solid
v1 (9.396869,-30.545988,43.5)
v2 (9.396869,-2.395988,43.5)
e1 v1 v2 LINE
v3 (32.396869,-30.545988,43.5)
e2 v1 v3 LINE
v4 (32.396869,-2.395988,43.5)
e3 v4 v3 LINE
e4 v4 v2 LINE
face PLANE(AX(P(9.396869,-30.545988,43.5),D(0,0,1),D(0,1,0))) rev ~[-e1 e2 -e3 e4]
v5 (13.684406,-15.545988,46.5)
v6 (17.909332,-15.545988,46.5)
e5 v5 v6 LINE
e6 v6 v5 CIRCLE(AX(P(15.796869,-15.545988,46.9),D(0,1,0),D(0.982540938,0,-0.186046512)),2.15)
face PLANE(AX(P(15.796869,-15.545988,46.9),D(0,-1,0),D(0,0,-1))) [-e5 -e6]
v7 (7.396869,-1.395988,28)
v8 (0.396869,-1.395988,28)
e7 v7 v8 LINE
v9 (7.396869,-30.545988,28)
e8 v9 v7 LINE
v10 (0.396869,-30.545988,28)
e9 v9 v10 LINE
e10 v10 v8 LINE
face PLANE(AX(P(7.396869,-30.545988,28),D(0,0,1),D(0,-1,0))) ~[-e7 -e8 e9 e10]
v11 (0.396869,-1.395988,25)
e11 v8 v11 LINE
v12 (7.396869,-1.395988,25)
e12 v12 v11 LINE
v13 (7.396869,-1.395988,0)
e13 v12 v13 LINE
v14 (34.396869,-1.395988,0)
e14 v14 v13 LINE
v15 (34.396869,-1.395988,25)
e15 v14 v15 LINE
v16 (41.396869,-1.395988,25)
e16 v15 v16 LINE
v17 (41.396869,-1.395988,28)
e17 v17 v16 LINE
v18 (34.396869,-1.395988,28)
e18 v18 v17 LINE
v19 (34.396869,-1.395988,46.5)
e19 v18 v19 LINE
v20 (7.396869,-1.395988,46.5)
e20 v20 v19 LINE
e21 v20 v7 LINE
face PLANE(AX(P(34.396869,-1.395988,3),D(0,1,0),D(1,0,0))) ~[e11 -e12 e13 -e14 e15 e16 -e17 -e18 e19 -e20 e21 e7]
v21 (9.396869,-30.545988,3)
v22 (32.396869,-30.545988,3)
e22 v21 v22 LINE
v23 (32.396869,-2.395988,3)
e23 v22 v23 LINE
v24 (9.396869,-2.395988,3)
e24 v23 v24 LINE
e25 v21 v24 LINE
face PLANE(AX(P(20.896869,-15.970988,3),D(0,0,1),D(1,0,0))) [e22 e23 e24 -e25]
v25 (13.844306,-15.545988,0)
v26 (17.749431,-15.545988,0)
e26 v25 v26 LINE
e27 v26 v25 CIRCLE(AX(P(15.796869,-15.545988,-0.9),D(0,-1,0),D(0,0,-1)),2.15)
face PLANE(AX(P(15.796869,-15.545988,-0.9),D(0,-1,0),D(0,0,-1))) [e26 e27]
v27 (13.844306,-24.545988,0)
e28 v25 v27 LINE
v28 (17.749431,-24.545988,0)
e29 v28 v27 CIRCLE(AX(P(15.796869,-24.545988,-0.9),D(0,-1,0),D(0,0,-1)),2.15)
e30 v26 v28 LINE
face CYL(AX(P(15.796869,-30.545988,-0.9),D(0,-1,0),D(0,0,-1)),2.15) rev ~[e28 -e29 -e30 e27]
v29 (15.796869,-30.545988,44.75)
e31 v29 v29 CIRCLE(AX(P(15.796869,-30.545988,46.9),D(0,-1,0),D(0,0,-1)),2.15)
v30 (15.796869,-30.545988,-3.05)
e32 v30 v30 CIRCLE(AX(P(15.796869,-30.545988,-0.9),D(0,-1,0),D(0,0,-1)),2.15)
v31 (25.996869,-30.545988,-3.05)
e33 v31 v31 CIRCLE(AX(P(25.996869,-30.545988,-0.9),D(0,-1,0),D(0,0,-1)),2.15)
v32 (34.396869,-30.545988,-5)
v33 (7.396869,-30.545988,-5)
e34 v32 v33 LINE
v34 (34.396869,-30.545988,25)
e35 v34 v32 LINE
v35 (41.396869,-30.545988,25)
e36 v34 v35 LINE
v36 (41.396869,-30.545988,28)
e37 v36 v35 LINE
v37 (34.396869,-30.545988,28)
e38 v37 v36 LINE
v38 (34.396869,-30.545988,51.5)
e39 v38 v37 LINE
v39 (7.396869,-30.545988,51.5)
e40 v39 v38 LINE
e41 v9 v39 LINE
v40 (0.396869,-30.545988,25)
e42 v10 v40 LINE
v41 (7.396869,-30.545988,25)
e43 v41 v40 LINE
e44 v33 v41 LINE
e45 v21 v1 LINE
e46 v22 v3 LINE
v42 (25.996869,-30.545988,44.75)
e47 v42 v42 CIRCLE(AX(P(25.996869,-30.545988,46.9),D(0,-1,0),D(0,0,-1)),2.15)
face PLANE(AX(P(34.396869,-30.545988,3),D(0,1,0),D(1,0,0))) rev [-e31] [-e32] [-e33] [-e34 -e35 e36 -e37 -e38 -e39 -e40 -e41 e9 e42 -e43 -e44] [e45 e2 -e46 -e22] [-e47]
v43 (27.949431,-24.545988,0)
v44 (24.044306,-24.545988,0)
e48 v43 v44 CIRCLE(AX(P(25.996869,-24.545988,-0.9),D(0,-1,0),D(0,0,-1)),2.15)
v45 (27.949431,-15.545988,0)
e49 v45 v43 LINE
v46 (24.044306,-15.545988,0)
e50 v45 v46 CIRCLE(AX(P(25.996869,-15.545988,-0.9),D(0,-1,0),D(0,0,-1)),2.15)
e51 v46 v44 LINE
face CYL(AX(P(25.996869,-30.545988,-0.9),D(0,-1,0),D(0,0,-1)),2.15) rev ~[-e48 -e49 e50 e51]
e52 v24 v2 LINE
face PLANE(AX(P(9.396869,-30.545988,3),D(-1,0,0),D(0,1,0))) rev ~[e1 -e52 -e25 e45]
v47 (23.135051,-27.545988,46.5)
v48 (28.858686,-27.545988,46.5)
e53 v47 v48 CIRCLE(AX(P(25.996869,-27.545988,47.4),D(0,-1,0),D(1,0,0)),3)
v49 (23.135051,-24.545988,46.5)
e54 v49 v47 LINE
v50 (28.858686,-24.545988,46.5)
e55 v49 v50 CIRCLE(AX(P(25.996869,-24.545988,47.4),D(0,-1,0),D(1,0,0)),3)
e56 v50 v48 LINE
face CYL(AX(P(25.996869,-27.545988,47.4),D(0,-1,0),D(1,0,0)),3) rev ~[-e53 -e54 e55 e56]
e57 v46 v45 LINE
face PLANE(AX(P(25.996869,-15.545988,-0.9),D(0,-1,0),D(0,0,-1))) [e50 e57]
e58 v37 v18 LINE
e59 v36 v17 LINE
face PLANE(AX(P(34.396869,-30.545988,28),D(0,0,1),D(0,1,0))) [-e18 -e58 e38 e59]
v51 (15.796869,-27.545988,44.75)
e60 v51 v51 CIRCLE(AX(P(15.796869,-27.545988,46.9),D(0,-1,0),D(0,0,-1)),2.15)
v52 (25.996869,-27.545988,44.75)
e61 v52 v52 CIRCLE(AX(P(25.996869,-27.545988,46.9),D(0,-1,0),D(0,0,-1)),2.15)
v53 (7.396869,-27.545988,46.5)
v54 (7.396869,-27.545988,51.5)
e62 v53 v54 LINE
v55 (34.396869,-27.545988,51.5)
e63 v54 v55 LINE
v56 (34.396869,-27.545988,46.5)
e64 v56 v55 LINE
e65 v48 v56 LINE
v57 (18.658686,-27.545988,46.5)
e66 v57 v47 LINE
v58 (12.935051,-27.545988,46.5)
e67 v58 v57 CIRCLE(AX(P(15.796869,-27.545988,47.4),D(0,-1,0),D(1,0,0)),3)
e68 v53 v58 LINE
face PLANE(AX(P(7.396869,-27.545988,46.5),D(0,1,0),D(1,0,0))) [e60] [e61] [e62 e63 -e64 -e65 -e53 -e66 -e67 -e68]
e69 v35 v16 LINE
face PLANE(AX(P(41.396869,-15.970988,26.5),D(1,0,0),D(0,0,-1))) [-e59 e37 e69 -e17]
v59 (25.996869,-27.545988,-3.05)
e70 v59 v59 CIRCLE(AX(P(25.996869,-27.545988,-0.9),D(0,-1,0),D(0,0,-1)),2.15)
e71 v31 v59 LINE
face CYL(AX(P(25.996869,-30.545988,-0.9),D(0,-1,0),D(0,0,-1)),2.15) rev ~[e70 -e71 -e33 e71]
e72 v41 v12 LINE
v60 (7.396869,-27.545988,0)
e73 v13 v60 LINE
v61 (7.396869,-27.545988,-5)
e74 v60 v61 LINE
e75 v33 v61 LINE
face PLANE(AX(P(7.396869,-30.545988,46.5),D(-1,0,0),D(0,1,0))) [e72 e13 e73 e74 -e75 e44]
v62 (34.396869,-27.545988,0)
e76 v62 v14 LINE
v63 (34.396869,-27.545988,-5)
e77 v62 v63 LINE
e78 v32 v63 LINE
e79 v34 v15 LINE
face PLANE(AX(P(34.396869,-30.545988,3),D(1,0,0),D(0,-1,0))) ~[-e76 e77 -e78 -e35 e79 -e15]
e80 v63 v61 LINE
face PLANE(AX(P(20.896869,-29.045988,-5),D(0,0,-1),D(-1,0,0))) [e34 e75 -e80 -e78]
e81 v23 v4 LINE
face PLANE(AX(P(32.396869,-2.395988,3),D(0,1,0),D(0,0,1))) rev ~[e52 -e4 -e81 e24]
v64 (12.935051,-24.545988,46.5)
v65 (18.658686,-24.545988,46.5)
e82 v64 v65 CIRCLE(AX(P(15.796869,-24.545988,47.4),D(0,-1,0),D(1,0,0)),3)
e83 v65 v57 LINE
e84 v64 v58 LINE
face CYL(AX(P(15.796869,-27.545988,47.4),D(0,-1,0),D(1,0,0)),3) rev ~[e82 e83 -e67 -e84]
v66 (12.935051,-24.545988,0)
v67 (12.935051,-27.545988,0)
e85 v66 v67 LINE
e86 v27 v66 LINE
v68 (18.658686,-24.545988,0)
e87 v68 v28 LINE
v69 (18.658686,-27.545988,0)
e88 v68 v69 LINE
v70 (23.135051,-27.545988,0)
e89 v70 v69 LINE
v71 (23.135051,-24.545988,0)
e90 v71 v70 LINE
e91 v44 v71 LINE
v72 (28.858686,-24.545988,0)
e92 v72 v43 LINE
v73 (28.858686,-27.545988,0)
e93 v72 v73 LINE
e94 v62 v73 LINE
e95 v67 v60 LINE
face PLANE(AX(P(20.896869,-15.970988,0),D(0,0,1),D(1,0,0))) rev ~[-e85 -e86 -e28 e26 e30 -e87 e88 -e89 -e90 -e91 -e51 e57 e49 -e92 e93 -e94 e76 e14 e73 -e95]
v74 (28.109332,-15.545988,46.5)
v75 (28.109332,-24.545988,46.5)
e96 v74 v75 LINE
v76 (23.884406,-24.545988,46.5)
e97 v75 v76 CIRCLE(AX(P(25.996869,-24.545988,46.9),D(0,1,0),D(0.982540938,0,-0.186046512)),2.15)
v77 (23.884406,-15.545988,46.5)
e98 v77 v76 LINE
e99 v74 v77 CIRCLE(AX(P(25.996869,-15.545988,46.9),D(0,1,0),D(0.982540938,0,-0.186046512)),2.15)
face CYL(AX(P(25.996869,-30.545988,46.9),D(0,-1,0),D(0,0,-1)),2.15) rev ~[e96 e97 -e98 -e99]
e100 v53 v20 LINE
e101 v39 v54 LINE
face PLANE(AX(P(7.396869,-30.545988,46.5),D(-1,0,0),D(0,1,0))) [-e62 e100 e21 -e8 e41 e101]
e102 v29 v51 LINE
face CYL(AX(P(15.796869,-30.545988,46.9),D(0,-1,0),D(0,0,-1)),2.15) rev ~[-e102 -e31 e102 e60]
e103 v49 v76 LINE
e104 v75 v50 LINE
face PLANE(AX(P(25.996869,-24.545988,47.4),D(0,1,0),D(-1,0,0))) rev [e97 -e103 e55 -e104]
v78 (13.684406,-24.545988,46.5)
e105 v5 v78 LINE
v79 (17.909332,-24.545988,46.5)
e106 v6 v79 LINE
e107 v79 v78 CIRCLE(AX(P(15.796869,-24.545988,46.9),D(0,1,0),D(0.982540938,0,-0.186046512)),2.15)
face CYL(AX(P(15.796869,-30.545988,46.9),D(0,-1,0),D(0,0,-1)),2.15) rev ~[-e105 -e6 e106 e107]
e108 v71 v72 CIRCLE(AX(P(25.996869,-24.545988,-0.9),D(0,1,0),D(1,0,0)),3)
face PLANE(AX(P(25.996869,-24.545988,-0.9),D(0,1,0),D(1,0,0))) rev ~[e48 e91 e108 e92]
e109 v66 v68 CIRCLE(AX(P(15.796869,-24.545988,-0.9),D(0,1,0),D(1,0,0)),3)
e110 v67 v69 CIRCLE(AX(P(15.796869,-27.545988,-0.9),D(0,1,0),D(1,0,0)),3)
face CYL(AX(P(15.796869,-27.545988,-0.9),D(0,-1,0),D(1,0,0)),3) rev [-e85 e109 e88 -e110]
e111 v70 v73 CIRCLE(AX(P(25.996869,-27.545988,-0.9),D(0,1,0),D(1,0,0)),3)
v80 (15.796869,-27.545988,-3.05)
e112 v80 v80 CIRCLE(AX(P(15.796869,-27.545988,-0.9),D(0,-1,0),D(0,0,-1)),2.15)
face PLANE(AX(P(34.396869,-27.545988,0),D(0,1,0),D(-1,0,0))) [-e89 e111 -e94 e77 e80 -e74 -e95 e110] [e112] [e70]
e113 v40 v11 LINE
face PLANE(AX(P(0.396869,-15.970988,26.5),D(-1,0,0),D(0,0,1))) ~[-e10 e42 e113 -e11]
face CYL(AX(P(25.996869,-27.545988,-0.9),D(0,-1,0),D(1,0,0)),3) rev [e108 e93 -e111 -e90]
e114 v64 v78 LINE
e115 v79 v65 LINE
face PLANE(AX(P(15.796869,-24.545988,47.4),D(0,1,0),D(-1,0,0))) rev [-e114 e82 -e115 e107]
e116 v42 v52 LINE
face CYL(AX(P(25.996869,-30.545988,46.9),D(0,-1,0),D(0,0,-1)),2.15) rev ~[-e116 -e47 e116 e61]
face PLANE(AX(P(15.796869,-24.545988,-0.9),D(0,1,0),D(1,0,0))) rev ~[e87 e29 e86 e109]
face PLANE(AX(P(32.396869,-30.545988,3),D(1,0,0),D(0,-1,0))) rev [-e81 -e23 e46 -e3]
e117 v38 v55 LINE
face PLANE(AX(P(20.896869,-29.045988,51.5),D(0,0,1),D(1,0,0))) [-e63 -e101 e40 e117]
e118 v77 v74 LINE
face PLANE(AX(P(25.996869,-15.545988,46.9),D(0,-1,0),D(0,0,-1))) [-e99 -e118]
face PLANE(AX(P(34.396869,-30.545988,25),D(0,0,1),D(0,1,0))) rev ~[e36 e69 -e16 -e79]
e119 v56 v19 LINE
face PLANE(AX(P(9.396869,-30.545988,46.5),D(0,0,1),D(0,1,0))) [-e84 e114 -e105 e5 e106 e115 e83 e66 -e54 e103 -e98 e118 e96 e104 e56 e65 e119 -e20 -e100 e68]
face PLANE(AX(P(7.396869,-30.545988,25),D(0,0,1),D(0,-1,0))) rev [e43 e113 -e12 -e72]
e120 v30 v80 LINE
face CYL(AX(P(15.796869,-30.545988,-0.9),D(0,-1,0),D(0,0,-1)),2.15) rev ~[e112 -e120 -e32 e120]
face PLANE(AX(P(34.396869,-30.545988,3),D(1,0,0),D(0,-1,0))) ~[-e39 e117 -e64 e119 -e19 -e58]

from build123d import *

# Parameters (mm, degrees)
BOSS_EXTRUDE1_DEPTH  = 3
SKETCH2_W            = 27
SKETCH2_H            = 3
BOSS_EXTRUDE2_DEPTH  = 5
SKETCH3_R            = 2.15
CUT_EXTRUDE1_DEPTH   = 15
SKETCH5_R            = 3
CUT_EXTRUDE3_DEPTH   = 3
SKETCH7_W            = 2
SKETCH7_H            = 29.15
BOSS_EXTRUDE6_DEPTH  = 43.5
SKETCH8_W            = 3
SKETCH8_H            = 29.15
BOSS_EXTRUDE7_DEPTH  = 25
SKETCH9_W            = 27
SKETCH9_H            = 3
BOSS_EXTRUDE8_DEPTH  = 5
SKETCH10_R           = 2.15
CUT_EXTRUDE4_DEPTH   = 15
SKETCH11_W           = 40.5
SKETCH11_H           = 1
BOSS_EXTRUDE9_DEPTH  = 23
SKETCH12_W           = 3
SKETCH12_H           = 29.15
BOSS_EXTRUDE10_DEPTH = 7


with BuildPart() as part:
    # Sketch1 → Boss-Extrude1 (new body)
    with BuildSketch(Plane.XY):
        Polygon((7.396868841, -30.545988075), (34.396868841, -30.545988075), (34.396868841, -3.045988075), (34.396868841, -1.395988075), (7.396868841, -1.395988075), (7.396868841, -3.045988075), align=None)
    extrude(amount=BOSS_EXTRUDE1_DEPTH)

    # Sketch2 → Boss-Extrude2 (add)
    with BuildSketch(Plane(origin=(0, 0, 0), x_dir=(-1, 0, 0), z_dir=(0, 0, -1))):
        with Locations((-20.896868841, -29.045988075)):
            Rectangle(SKETCH2_W, SKETCH2_H)
    extrude(amount=BOSS_EXTRUDE2_DEPTH)

    # Sketch3 → Cut-Extrude1 (cut)
    with BuildSketch(Plane.XZ.offset(30.545988075)):
        with Locations(Location((15.796868841, -0.9, 0), (0, 0, 270))):
            Circle(SKETCH3_R)
        with Locations(Location((25.996868841, -0.9, 0), (0, 0, 270))):
            Circle(SKETCH3_R)
    extrude(amount=-CUT_EXTRUDE1_DEPTH, mode=Mode.SUBTRACT)

    # Sketch5 → Cut-Extrude3 (cut)
    with BuildSketch(Plane(origin=(0, -27.545988075, 0), x_dir=(1, 0, 0), z_dir=(0, 1, 0))):
        with Locations((15.796868841, 0.9)):
            Circle(SKETCH5_R)
        with Locations((25.996868841, 0.9)):
            Circle(SKETCH5_R)
    cut_extrude3 = extrude(amount=CUT_EXTRUDE3_DEPTH, mode=Mode.SUBTRACT)

    # Sketch7 → Boss-Extrude6 (add)
    with BuildSketch(Plane.XY.offset(3)):
        with Locations((8.396868841, -15.970988075)):
            Rectangle(SKETCH7_W, SKETCH7_H)
    boss_extrude6 = extrude(amount=BOSS_EXTRUDE6_DEPTH)

    # Sketch8 → Boss-Extrude7 (add)
    with BuildSketch(Plane(origin=(9.396868841, 0, 0), x_dir=(0, 0, -1), z_dir=(1, 0, 0))):
        with Locations((-45, -15.970988075)):
            Rectangle(SKETCH8_W, SKETCH8_H)
    extrude(amount=BOSS_EXTRUDE7_DEPTH)

    # Sketch9 → Boss-Extrude8 (add)
    with BuildSketch(Plane.XY.offset(46.5)):
        with Locations((20.896868841, -29.045988075)):
            Rectangle(SKETCH9_W, SKETCH9_H)
    extrude(amount=BOSS_EXTRUDE8_DEPTH)

    # Sketch10 → Cut-Extrude4 (cut)
    with BuildSketch(Plane.XZ.offset(30.545988075)):
        with Locations(Location((25.996868841, 46.9, 0), (0, 0, 270))):
            Circle(SKETCH10_R)
        with Locations(Location((15.796868841, 46.9, 0), (0, 0, 270))):
            Circle(SKETCH10_R)
    extrude(amount=-CUT_EXTRUDE4_DEPTH, mode=Mode.SUBTRACT)

    # Mirror1: Cut-Extrude3 across plane
    add(cut_extrude3.mirror(Plane(origin=(0, 0, 23.25), x_dir=(1, 0, 0), z_dir=(0, 0, -1))), mode=Mode.SUBTRACT)

    # Mirror2: Boss-Extrude6 across plane
    add(boss_extrude6.mirror(Plane.ZY.offset(-20.896868841)))

    # Sketch11 → Boss-Extrude9 (add)
    with BuildSketch(Plane.ZY.offset(-32.396868841)):
        with Locations((23.25, -1.895988075)):
            Rectangle(SKETCH11_W, SKETCH11_H)
    extrude(amount=BOSS_EXTRUDE9_DEPTH)

    # Sketch12 → Boss-Extrude10 (add)
    with BuildSketch(Plane(origin=(34.396868841, 0, 0), x_dir=(0, 0, -1), z_dir=(1, 0, 0))):
        with Locations((-26.5, -15.970988075)):
            Rectangle(SKETCH12_W, SKETCH12_H)
    boss_extrude10 = extrude(amount=BOSS_EXTRUDE10_DEPTH)

    # Mirror3: Boss-Extrude10 across plane
    add(boss_extrude10.mirror(Plane.ZY.offset(-20.896868841)))


solid = part.part
